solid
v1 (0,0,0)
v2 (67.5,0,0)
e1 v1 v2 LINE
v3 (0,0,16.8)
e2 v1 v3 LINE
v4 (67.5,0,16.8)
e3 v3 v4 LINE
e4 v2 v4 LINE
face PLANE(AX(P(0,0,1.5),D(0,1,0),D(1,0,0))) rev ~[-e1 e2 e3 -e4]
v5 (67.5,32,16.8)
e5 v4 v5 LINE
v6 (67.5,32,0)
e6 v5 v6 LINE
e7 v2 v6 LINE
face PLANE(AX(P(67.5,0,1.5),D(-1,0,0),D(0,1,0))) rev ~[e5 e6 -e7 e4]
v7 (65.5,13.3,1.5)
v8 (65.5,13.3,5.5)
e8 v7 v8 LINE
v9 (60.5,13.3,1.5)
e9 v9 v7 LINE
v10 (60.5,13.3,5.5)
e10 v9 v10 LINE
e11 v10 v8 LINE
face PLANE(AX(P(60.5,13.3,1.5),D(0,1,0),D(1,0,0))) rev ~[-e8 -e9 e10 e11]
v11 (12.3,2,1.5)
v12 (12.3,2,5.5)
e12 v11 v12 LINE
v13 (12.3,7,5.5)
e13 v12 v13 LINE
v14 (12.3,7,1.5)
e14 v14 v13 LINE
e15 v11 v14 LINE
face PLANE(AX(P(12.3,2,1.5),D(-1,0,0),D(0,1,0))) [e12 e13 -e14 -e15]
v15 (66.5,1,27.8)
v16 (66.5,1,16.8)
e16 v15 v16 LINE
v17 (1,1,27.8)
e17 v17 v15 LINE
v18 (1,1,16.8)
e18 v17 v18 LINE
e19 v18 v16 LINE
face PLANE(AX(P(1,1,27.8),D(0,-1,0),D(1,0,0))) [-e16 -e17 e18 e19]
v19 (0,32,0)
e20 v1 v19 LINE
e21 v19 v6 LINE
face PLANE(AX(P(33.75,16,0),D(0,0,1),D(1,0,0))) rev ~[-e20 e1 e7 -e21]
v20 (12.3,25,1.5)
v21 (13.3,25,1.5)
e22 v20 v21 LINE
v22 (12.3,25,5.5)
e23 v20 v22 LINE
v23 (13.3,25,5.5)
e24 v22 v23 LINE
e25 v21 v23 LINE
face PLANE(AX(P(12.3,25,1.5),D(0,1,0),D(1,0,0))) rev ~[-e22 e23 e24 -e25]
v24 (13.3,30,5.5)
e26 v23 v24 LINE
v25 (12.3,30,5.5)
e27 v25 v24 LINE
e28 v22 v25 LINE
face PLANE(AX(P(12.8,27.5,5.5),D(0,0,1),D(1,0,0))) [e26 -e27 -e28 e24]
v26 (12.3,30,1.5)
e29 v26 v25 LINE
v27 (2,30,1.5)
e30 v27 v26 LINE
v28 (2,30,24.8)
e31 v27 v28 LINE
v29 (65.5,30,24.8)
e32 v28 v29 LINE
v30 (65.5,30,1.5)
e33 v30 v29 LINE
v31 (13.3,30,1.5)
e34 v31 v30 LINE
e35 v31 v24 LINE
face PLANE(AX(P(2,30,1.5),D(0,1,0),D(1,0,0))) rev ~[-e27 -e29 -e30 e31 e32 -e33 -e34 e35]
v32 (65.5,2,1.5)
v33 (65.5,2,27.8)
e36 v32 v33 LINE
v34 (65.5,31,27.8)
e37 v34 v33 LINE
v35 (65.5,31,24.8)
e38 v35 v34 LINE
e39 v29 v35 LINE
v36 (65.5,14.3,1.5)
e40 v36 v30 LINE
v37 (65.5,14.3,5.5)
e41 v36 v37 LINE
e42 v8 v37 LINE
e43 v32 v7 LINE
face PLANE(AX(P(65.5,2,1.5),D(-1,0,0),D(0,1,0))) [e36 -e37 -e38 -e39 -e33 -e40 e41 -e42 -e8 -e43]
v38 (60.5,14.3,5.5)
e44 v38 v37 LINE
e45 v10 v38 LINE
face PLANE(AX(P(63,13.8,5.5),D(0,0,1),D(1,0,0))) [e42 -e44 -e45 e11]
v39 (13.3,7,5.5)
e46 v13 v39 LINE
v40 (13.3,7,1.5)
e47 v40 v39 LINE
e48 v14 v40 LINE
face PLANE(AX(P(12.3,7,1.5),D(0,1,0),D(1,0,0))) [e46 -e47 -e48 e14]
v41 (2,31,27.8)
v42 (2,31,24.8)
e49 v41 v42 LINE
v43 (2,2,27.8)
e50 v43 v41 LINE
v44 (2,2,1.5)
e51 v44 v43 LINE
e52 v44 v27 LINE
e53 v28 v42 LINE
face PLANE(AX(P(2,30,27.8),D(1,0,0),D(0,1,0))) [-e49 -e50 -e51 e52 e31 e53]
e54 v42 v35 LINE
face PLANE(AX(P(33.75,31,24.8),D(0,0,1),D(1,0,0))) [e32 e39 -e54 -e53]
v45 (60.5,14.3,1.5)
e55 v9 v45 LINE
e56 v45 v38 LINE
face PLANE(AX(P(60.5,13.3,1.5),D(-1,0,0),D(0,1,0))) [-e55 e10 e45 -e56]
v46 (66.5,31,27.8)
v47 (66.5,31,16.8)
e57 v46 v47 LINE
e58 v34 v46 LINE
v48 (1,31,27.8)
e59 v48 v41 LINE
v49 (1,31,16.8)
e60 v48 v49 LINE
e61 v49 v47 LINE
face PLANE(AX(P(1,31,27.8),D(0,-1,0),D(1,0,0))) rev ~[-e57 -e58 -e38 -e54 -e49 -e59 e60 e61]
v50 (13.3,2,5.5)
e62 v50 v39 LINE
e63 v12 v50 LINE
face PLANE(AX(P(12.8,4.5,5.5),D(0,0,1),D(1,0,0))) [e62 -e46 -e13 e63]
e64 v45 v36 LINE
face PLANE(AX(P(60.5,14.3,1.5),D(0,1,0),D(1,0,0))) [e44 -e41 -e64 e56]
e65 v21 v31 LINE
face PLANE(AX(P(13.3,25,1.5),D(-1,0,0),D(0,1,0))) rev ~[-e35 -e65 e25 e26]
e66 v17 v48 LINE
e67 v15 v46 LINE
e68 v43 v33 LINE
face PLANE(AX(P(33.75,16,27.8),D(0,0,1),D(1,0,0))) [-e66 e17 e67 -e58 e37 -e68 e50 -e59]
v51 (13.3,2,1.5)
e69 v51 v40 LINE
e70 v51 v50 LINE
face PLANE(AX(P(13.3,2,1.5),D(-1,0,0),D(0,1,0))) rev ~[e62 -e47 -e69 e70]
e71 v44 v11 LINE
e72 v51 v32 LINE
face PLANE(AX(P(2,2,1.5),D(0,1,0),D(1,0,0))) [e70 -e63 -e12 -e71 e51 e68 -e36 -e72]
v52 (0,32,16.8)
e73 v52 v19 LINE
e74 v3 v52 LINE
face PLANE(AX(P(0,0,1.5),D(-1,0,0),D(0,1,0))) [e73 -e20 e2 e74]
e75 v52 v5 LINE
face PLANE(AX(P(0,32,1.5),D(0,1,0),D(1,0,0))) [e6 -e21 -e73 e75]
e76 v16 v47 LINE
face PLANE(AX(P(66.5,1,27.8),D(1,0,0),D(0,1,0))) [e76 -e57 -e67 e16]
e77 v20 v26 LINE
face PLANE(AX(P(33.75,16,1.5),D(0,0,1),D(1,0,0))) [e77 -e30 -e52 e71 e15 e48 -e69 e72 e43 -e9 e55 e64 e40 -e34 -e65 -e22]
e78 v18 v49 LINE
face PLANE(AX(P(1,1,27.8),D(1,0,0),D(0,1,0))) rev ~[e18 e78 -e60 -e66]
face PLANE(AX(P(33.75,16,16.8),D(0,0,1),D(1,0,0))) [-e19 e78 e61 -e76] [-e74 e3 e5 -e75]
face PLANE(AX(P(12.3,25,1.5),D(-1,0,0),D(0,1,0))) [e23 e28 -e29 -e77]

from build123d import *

# Parameters (mm, degrees)
F0_W     = 67.5
F0_H     = 32
F1_DEPTH = 1.5
F2_W     = 67.5
F2_H     = 32
F2_W_2   = 63.5
F2_H_2   = 28
F3_DEPTH = 26.3
F4_W     = 63.5
F4_H     = 2
F5_DEPTH = 3
F6_W     = 67.5
F6_H     = 32
F6_W_2   = 65.5
F6_H_2   = 30
F7_DEPTH = 11
F8_W     = 5
F8_H     = 1
F8_W_2   = 1
F8_H_2   = 5
F9_DEPTH = 4


with BuildPart() as f1:
    # F0 (on Top) → F1 (new body)
    with BuildSketch(Plane.XY):
        with Locations((33.75, 16)):
            Rectangle(F0_W, F0_H)
    extrude(amount=F1_DEPTH)

    # F2 (on face) → F3 (join)
    with BuildSketch(Plane.XY.offset(1.5)):
        with Locations((33.75, 16)):
            Rectangle(F2_W, F2_H)
        with Locations((33.75, 16)):
            Rectangle(F2_W_2, F2_H_2, mode=Mode.SUBTRACT)
    extrude(amount=F3_DEPTH)

    # F4 (on face) → F5 (cut)
    with BuildSketch(Plane.XY.offset(27.8)):
        with Locations((33.75, 31)):
            Rectangle(F4_W, F4_H)
    extrude(amount=-F5_DEPTH, mode=Mode.SUBTRACT)

    # F6 (on face) → F7 (cut)
    with BuildSketch(Plane.XY.offset(27.8)):
        with Locations((33.75, 16)):
            Rectangle(F6_W, F6_H)
        with Locations((33.75, 16)):
            Rectangle(F6_W_2, F6_H_2, mode=Mode.SUBTRACT)
    extrude(amount=-F7_DEPTH, mode=Mode.SUBTRACT)

    # F8 (on face) → F9 (join)
    with BuildSketch(Plane.XY.offset(1.5)):
        with Locations((63, 13.8)):
            Rectangle(F8_W, F8_H)
        with Locations((12.8, 27.5)):
            Rectangle(F8_W_2, F8_H_2)
        with Locations((12.8, 4.5)):
            Rectangle(F8_W_2, F8_H_2)
    extrude(amount=F9_DEPTH)


solid = f1.part
